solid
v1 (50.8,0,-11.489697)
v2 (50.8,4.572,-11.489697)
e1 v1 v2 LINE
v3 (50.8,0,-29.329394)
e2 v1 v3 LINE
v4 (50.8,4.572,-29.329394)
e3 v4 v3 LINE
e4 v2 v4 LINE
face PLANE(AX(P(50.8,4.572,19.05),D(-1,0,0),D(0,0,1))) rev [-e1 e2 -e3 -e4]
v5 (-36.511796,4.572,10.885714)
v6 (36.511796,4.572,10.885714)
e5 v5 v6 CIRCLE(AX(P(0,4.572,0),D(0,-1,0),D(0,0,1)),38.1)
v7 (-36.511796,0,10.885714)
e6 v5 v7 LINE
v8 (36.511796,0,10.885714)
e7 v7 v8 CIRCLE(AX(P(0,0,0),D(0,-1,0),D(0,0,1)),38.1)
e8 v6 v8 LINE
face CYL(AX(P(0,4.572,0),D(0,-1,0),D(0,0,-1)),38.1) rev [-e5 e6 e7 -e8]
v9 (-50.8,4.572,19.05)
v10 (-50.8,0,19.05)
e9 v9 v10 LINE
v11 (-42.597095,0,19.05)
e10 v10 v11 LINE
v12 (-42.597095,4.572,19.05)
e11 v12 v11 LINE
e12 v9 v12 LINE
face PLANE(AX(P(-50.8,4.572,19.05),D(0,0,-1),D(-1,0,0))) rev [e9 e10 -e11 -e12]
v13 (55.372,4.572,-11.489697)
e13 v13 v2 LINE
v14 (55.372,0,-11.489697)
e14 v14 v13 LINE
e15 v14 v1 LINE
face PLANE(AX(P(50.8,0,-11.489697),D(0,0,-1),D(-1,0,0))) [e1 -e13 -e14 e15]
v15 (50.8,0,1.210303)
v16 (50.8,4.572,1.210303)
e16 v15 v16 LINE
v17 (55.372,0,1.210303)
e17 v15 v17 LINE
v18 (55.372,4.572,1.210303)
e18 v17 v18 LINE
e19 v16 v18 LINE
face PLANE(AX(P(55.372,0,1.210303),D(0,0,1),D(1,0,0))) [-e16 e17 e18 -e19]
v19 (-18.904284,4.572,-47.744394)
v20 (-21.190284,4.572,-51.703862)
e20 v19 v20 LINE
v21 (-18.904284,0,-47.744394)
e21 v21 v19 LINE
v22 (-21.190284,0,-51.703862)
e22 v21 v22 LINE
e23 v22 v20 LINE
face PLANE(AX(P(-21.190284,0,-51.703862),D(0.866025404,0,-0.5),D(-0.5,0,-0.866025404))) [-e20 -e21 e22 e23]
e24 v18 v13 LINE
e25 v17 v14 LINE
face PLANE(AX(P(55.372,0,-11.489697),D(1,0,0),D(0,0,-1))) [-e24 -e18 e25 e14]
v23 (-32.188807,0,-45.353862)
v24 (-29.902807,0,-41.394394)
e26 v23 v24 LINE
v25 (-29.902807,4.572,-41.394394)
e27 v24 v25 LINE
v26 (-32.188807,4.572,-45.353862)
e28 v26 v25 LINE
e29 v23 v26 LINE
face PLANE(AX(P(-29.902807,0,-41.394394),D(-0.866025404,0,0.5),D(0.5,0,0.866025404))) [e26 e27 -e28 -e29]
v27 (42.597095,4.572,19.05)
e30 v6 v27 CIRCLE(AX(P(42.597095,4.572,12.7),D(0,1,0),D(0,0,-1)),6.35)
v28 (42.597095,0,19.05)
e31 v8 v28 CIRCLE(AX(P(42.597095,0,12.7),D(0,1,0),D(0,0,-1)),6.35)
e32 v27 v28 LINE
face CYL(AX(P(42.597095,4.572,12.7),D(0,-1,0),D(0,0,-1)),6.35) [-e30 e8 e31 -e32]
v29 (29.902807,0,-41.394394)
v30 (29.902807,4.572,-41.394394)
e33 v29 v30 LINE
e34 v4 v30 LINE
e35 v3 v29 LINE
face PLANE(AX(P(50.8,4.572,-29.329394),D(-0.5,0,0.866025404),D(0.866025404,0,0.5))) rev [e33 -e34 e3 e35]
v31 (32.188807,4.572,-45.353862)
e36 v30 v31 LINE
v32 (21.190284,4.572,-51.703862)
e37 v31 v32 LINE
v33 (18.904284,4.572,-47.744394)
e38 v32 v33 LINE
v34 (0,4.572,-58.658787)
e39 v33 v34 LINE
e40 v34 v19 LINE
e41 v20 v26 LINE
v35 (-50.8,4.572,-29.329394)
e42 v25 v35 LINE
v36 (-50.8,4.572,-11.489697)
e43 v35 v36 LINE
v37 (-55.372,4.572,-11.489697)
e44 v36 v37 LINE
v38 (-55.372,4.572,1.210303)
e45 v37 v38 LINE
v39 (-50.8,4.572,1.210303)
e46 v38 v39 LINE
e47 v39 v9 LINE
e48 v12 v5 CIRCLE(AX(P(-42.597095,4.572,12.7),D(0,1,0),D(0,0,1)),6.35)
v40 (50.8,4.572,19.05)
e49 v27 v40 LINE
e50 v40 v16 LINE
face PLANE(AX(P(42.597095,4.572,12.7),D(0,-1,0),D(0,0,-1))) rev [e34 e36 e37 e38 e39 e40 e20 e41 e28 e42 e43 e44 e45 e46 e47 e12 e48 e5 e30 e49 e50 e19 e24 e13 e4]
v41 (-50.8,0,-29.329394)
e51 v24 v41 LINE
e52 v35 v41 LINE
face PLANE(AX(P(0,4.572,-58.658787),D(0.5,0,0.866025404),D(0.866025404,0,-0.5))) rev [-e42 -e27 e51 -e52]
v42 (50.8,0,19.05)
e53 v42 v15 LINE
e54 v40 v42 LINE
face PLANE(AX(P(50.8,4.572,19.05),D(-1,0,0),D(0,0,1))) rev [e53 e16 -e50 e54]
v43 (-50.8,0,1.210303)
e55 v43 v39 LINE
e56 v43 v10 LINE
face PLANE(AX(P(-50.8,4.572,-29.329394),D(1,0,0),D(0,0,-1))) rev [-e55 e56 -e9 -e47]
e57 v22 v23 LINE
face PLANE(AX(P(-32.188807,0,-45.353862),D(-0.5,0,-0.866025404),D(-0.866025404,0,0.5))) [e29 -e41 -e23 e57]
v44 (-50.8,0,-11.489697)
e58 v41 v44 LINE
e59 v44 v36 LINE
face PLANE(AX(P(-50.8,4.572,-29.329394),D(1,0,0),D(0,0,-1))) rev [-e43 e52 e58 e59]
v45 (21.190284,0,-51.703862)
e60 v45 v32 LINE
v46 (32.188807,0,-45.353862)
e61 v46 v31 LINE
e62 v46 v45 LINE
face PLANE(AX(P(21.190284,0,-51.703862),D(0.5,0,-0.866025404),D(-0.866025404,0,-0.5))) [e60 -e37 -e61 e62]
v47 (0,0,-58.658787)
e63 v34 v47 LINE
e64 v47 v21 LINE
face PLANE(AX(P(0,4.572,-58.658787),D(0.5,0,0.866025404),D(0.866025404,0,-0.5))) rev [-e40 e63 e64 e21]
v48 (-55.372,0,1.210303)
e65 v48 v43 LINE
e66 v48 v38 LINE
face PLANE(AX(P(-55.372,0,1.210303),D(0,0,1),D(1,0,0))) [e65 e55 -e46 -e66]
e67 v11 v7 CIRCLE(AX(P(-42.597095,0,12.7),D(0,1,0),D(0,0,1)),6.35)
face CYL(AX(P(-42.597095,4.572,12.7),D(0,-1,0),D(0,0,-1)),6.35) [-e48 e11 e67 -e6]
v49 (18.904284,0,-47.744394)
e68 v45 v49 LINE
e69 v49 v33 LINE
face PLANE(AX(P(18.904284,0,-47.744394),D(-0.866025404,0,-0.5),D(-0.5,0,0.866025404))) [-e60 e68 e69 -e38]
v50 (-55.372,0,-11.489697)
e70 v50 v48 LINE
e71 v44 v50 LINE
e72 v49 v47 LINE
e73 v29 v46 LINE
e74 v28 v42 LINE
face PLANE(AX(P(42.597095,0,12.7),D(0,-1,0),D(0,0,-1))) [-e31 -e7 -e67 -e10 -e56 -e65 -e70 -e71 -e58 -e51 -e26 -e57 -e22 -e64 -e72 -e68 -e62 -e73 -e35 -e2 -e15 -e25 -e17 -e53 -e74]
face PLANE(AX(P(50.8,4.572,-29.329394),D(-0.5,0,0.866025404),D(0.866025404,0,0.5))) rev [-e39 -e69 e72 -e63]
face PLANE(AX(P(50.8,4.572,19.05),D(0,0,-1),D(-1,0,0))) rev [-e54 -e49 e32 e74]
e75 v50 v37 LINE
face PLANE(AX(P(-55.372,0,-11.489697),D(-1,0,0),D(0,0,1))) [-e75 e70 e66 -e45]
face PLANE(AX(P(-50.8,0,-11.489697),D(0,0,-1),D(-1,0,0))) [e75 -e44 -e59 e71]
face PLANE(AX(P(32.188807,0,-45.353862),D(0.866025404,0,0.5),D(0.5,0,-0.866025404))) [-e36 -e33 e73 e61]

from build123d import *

# Parameters (mm, degrees)
BOSS_EXTRUDE1_DEPTH = 4.572
SKETCH2_W           = 4.572
SKETCH2_H           = 12.7
BOSS_EXTRUDE2_DEPTH = 4.572


with BuildPart() as part:
    # Sketch1 → Boss-Extrude1 (new body)
    with BuildSketch(Plane(origin=(0, 0, 0), x_dir=(1, 0, 0), z_dir=(0, 1, 0))):
        with BuildLine():
            Line((-50.8, -19.05), (-42.597094971, -19.05))
            ThreePointArc((-42.597094971, -19.05), (-37.505768313, -16.494850835), (-36.51179569, -10.885714286))
            ThreePointArc((-36.51179569, -10.885714286), (0, 38.1), (36.51179569, -10.885714286))
            ThreePointArc((36.51179569, -10.885714286), (37.505768313, -16.494850835), (42.597094971, -19.05))
            Line((42.597094971, -19.05), (50.8, -19.05))
            Line((50.8, -19.05), (50.8, 29.329393675))
            Line((50.8, 29.329393675), (0, 58.65878735))
            Line((0, 58.65878735), (-50.8, 29.329393675))
            Line((-50.8, 29.329393675), (-50.8, -19.05))
        make_face()
    extrude(amount=BOSS_EXTRUDE1_DEPTH)

    # Sketch2 → Boss-Extrude2 (add)
    with BuildSketch(Plane(origin=(0, 4.572, 0), x_dir=(1, 0, 0), z_dir=(0, 1, 0))):
        with Locations((-53.086, 5.139696837)):
            Rectangle(SKETCH2_W, SKETCH2_H)
        Polygon((-29.902807007, 41.394393675), (-32.188807007, 45.353861821), (-21.190284379, 51.703861821), (-18.904284379, 47.744393675), align=None)
        Polygon((18.904284379, 47.744393675), (21.190284379, 51.703861821), (32.188807007, 45.353861821), (29.902807007, 41.394393675), align=None)
        with Locations((53.086, 5.139696837)):
            Rectangle(SKETCH2_W, SKETCH2_H)
    extrude(amount=-BOSS_EXTRUDE2_DEPTH)


solid = part.part
